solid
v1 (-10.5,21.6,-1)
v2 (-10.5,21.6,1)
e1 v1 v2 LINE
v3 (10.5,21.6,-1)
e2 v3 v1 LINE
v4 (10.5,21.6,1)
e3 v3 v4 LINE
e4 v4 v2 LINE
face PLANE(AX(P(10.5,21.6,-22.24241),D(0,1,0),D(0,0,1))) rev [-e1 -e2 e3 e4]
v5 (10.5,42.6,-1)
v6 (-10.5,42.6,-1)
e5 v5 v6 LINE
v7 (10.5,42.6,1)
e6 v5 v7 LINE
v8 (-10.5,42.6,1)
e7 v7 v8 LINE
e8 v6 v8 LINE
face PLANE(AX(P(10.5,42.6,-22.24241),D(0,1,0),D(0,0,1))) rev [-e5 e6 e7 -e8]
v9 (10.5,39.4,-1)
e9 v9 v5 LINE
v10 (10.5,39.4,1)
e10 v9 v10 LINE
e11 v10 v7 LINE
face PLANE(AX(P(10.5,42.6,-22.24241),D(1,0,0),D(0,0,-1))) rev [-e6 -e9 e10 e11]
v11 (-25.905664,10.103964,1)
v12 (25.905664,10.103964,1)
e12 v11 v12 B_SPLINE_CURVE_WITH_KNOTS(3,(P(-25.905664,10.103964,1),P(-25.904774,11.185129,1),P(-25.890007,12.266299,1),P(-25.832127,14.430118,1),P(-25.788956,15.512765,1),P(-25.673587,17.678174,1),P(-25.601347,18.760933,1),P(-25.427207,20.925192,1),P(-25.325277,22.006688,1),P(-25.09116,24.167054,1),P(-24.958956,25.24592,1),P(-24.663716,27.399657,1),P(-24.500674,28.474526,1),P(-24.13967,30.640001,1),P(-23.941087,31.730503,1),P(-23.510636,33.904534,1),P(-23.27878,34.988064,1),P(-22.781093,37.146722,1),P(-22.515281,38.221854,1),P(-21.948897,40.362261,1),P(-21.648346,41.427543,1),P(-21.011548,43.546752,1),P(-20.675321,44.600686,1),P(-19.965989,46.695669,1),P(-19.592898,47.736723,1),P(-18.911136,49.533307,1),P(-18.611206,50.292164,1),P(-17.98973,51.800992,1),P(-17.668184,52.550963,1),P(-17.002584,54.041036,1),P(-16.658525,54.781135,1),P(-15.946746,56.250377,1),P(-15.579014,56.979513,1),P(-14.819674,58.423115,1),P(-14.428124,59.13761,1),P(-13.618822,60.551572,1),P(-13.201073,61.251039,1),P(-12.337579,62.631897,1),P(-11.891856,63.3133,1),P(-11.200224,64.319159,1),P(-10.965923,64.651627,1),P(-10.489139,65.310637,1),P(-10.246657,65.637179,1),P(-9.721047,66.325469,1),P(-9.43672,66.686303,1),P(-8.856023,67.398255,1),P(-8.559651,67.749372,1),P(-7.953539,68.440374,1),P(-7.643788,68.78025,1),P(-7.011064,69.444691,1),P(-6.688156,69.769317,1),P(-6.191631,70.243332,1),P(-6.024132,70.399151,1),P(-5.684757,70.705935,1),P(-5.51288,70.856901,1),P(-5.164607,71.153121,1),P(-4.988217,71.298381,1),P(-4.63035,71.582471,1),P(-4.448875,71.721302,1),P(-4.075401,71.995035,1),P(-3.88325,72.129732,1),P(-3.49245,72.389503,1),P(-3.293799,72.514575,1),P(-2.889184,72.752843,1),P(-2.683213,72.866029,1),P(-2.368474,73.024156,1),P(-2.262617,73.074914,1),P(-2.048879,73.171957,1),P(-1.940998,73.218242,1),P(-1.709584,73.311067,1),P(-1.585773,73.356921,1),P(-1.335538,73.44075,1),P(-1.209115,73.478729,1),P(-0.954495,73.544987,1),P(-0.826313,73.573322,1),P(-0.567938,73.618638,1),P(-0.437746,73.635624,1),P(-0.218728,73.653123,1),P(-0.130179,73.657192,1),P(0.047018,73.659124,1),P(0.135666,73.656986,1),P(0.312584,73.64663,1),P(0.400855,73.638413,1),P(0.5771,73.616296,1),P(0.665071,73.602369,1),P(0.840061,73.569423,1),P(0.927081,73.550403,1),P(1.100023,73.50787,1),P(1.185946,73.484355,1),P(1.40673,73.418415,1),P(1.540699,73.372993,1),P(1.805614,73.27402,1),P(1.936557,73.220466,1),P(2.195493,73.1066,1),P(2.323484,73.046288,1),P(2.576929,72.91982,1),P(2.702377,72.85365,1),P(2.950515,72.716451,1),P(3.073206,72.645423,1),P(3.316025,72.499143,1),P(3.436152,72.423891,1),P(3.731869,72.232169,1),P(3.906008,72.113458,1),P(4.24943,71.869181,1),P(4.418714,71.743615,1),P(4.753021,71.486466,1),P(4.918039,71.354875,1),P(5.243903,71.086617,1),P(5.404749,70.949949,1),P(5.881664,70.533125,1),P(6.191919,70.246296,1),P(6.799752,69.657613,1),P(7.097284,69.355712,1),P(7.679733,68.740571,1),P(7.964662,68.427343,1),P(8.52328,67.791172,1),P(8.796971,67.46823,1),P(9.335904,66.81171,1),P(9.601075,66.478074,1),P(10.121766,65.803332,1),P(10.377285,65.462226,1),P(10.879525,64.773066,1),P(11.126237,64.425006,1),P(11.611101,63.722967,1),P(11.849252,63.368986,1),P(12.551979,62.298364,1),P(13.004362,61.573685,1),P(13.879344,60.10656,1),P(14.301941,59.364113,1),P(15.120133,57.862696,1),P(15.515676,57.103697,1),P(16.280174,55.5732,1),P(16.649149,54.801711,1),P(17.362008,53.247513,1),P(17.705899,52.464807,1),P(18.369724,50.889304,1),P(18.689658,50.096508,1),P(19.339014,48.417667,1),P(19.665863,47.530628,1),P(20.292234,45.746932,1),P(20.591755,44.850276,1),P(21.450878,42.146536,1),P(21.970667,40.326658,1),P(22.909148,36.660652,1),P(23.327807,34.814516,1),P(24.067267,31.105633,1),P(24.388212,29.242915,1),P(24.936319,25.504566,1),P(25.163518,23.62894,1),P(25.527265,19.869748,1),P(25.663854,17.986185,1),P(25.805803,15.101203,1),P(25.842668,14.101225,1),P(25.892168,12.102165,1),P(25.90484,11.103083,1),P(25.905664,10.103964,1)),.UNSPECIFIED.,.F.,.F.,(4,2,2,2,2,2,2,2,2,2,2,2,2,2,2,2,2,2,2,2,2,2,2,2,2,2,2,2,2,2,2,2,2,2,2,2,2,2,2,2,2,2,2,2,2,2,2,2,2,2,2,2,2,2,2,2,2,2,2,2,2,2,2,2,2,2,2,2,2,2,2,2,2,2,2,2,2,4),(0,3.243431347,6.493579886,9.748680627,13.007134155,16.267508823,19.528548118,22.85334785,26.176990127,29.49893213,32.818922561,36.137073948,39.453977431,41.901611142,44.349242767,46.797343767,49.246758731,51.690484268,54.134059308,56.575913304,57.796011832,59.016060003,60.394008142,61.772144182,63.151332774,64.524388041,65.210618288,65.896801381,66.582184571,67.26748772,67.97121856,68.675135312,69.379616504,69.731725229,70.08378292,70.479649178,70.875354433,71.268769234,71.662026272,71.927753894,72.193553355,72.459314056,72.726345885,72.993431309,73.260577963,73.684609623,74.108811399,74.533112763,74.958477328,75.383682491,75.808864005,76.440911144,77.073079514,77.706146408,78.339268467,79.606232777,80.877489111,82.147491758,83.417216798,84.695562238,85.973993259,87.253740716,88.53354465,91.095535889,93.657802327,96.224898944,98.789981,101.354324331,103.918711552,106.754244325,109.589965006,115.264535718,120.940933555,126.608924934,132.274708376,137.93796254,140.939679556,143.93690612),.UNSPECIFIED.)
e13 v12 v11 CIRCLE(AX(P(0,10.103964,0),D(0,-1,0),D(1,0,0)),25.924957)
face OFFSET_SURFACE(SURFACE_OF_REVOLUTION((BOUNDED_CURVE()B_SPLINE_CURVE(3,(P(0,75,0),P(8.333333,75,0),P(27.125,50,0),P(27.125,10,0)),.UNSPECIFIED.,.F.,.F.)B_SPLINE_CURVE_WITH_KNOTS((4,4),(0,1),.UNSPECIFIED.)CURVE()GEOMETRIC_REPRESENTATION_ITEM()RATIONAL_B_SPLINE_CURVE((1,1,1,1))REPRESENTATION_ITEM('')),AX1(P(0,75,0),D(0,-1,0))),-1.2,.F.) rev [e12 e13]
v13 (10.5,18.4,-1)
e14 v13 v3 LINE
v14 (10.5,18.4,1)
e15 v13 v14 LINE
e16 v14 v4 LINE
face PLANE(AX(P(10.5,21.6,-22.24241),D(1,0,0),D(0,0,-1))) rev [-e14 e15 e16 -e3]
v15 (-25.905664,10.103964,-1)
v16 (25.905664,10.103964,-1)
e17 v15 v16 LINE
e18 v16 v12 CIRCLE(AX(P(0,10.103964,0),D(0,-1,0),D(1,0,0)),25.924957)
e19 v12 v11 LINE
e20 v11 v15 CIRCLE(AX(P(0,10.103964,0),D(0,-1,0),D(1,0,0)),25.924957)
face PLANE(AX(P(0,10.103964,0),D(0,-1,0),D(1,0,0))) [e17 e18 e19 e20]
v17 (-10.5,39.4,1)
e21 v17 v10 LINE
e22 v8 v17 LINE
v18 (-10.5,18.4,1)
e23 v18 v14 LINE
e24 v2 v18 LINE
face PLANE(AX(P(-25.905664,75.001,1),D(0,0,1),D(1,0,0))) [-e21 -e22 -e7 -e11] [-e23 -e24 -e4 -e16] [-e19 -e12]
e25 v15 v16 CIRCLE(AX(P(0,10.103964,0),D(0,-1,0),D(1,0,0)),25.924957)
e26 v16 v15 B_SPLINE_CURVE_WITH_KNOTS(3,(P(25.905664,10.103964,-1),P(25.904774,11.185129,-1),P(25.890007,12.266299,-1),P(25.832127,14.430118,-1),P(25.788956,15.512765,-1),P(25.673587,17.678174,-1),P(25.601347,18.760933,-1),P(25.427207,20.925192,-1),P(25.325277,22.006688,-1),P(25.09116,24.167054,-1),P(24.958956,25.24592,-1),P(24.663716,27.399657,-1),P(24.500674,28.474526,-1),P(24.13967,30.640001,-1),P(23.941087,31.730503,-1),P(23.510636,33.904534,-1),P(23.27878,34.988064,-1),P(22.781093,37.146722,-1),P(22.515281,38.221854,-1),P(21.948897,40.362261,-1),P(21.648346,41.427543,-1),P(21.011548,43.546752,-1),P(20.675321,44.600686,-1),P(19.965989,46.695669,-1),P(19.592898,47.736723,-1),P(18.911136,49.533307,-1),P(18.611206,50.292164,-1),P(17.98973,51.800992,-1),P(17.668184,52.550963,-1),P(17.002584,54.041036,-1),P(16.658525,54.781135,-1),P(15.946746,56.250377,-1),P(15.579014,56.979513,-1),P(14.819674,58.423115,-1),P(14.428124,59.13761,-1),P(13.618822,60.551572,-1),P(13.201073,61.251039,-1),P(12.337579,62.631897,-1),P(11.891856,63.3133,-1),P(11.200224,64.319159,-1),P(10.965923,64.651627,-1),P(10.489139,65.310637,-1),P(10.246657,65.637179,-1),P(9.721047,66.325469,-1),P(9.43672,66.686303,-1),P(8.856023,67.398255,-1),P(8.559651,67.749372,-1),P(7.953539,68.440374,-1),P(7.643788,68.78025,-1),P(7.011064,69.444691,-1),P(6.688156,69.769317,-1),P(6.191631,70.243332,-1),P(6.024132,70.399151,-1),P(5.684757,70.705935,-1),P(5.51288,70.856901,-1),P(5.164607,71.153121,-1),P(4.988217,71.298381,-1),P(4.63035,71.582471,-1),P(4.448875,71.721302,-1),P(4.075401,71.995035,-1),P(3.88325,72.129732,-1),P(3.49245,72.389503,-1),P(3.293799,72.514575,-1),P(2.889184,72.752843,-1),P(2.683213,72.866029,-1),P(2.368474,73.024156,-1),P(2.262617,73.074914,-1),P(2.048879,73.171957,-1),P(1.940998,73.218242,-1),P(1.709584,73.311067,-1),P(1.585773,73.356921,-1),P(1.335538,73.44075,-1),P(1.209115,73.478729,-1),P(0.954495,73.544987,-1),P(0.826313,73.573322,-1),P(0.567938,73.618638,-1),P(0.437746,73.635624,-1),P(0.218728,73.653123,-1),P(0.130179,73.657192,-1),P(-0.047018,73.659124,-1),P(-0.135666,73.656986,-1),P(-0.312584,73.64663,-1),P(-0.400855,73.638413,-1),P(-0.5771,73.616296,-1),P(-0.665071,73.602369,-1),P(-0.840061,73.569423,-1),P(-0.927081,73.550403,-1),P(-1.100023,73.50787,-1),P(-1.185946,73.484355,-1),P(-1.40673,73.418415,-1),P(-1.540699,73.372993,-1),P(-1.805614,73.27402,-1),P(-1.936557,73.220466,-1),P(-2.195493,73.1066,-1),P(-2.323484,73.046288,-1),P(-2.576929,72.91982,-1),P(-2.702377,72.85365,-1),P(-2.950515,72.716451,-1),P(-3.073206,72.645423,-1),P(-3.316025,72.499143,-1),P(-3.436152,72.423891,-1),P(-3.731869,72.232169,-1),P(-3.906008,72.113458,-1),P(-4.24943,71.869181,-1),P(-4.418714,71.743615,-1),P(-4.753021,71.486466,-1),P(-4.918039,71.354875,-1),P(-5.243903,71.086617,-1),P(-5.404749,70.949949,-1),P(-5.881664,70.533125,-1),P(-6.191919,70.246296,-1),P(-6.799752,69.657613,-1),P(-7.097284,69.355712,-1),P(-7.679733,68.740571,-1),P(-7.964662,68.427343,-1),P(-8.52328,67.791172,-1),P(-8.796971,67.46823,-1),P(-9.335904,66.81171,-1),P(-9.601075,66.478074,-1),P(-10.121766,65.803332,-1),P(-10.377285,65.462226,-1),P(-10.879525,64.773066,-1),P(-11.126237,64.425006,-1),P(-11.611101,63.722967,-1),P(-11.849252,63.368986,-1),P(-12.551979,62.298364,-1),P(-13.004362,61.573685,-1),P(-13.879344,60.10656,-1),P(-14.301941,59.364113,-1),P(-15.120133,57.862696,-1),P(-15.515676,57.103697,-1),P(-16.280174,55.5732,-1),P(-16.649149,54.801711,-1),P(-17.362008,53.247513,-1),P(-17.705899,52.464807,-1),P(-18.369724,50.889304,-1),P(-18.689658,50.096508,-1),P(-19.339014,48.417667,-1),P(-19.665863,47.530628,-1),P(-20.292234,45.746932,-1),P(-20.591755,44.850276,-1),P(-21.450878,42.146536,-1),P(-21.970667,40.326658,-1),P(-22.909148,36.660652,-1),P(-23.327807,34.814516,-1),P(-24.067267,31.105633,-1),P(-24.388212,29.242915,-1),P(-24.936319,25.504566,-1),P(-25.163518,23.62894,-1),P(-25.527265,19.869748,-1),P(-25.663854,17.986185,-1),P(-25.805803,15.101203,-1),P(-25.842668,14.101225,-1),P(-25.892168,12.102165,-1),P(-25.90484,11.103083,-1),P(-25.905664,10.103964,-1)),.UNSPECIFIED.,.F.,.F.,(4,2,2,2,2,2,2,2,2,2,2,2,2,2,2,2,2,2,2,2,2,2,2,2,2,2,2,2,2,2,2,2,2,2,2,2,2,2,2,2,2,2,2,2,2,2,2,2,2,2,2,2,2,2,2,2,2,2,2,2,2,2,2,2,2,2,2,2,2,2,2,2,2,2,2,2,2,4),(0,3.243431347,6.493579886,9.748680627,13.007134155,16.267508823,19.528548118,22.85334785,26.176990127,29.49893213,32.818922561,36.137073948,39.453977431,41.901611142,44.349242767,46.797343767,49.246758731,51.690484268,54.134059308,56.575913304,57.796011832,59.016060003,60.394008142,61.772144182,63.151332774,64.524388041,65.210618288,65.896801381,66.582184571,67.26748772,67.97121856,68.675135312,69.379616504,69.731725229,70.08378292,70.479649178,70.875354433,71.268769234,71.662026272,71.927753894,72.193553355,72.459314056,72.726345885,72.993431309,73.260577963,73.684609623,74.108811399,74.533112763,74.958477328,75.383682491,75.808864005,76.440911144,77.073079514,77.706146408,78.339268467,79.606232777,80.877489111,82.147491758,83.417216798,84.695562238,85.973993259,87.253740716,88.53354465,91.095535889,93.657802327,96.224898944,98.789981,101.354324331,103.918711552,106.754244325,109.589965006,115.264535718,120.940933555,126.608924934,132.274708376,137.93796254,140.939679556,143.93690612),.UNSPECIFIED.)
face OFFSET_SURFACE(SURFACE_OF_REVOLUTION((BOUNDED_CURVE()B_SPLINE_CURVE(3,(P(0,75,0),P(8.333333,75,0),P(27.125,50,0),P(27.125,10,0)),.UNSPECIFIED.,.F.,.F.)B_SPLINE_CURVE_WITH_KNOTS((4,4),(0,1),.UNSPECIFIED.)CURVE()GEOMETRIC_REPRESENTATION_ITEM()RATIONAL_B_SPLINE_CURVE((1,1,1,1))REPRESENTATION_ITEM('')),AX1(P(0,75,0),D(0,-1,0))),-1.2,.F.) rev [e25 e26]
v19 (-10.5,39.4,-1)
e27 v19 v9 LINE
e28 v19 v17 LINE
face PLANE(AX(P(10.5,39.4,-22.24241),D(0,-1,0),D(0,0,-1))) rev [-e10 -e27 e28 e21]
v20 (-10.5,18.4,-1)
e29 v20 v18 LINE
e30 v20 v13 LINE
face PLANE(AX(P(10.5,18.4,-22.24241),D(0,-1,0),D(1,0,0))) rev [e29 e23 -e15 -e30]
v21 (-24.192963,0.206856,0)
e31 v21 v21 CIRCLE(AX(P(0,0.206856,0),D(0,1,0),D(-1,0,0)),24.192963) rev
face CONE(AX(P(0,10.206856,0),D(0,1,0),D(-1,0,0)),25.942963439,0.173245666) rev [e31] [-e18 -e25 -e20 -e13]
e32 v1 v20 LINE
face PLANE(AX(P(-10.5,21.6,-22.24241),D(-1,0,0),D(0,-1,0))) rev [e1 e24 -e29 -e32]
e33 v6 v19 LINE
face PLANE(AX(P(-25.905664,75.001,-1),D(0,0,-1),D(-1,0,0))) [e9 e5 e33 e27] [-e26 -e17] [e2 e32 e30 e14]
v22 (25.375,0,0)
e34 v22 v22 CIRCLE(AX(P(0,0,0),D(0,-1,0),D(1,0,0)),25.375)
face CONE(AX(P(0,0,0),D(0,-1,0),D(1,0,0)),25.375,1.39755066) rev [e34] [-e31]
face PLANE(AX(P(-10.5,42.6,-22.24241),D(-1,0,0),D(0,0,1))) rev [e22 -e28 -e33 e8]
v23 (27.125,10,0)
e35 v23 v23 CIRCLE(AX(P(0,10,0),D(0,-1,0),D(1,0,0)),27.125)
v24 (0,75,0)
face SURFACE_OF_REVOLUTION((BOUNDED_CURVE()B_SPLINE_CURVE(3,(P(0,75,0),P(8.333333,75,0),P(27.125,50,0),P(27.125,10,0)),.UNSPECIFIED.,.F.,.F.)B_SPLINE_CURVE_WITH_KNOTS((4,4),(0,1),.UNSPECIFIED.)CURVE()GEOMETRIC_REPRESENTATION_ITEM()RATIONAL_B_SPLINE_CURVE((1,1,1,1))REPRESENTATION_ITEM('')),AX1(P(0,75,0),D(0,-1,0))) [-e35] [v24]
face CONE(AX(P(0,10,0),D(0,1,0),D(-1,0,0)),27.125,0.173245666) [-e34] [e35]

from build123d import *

# Parameters (mm, degrees)
THICKEN1_T1         = 1.2
BOSS_EXTRUDE8_REACH = 77.386
SKETCH7_W           = 21
SKETCH7_H           = 3.2
CUT_EXTRUDE1_DEPTH  = 2


with BuildPart() as body_1:
    # Surface-Revolve1: a surface, the sketch's curves turned about an axis
    with BuildLine(Plane.XY, mode=Mode.PRIVATE) as surface_revolve1_1_path:
        Line((25.375, 0), (27.125, 10))
        add(Edge.make_bspline(
            [(27.125, 10), (27.125, 50), (8.333333333, 75), (0, 75)],
            knots=[0, 0, 0, 0, 1, 1, 1, 1], degree=3))
    surface_revolve1_1 = Shell.revolve(surface_revolve1_1_path.wire(), 360, Axis((0, 75, 0), (0, -1, 0)))
    add(Solid.thicken(surface_revolve1_1, THICKEN1_T1))

    # Sketch4 → Boss-Extrude8 (add, up to next)
    with BuildSketch(Plane.XZ.offset(-10.103964032), mode=Mode.PRIVATE) as boss_extrude8_sk1:
        with BuildLine():
            Line((-25.905663661, 1), (25.905663661, 1))
            ThreePointArc((25.905663661, 1), (25.924957275, 0), (25.905663661, -1))
            Line((25.905663661, -1), (-25.905663661, -1))
            ThreePointArc((-25.905663661, -1), (-25.924957275, 0), (-25.905663661, 1))
        make_face()
    boss_extrude8_tool1 = extrude(boss_extrude8_sk1.sketch, amount=-BOSS_EXTRUDE8_REACH, mode=Mode.PRIVATE) - body_1.part
    add(boss_extrude8_tool1.solids().sort_by_distance((0, 10.103964, 0))[0])

    # Sketch7 → Cut-Extrude1 (cut)
    with BuildSketch(Plane.XY.offset(1)):
        with Locations((0, 20)):
            Rectangle(SKETCH7_W, SKETCH7_H)
        with Locations((0, 41)):
            Rectangle(SKETCH7_W, SKETCH7_H)
    extrude(amount=-CUT_EXTRUDE1_DEPTH, mode=Mode.SUBTRACT)


solid = body_1.part
